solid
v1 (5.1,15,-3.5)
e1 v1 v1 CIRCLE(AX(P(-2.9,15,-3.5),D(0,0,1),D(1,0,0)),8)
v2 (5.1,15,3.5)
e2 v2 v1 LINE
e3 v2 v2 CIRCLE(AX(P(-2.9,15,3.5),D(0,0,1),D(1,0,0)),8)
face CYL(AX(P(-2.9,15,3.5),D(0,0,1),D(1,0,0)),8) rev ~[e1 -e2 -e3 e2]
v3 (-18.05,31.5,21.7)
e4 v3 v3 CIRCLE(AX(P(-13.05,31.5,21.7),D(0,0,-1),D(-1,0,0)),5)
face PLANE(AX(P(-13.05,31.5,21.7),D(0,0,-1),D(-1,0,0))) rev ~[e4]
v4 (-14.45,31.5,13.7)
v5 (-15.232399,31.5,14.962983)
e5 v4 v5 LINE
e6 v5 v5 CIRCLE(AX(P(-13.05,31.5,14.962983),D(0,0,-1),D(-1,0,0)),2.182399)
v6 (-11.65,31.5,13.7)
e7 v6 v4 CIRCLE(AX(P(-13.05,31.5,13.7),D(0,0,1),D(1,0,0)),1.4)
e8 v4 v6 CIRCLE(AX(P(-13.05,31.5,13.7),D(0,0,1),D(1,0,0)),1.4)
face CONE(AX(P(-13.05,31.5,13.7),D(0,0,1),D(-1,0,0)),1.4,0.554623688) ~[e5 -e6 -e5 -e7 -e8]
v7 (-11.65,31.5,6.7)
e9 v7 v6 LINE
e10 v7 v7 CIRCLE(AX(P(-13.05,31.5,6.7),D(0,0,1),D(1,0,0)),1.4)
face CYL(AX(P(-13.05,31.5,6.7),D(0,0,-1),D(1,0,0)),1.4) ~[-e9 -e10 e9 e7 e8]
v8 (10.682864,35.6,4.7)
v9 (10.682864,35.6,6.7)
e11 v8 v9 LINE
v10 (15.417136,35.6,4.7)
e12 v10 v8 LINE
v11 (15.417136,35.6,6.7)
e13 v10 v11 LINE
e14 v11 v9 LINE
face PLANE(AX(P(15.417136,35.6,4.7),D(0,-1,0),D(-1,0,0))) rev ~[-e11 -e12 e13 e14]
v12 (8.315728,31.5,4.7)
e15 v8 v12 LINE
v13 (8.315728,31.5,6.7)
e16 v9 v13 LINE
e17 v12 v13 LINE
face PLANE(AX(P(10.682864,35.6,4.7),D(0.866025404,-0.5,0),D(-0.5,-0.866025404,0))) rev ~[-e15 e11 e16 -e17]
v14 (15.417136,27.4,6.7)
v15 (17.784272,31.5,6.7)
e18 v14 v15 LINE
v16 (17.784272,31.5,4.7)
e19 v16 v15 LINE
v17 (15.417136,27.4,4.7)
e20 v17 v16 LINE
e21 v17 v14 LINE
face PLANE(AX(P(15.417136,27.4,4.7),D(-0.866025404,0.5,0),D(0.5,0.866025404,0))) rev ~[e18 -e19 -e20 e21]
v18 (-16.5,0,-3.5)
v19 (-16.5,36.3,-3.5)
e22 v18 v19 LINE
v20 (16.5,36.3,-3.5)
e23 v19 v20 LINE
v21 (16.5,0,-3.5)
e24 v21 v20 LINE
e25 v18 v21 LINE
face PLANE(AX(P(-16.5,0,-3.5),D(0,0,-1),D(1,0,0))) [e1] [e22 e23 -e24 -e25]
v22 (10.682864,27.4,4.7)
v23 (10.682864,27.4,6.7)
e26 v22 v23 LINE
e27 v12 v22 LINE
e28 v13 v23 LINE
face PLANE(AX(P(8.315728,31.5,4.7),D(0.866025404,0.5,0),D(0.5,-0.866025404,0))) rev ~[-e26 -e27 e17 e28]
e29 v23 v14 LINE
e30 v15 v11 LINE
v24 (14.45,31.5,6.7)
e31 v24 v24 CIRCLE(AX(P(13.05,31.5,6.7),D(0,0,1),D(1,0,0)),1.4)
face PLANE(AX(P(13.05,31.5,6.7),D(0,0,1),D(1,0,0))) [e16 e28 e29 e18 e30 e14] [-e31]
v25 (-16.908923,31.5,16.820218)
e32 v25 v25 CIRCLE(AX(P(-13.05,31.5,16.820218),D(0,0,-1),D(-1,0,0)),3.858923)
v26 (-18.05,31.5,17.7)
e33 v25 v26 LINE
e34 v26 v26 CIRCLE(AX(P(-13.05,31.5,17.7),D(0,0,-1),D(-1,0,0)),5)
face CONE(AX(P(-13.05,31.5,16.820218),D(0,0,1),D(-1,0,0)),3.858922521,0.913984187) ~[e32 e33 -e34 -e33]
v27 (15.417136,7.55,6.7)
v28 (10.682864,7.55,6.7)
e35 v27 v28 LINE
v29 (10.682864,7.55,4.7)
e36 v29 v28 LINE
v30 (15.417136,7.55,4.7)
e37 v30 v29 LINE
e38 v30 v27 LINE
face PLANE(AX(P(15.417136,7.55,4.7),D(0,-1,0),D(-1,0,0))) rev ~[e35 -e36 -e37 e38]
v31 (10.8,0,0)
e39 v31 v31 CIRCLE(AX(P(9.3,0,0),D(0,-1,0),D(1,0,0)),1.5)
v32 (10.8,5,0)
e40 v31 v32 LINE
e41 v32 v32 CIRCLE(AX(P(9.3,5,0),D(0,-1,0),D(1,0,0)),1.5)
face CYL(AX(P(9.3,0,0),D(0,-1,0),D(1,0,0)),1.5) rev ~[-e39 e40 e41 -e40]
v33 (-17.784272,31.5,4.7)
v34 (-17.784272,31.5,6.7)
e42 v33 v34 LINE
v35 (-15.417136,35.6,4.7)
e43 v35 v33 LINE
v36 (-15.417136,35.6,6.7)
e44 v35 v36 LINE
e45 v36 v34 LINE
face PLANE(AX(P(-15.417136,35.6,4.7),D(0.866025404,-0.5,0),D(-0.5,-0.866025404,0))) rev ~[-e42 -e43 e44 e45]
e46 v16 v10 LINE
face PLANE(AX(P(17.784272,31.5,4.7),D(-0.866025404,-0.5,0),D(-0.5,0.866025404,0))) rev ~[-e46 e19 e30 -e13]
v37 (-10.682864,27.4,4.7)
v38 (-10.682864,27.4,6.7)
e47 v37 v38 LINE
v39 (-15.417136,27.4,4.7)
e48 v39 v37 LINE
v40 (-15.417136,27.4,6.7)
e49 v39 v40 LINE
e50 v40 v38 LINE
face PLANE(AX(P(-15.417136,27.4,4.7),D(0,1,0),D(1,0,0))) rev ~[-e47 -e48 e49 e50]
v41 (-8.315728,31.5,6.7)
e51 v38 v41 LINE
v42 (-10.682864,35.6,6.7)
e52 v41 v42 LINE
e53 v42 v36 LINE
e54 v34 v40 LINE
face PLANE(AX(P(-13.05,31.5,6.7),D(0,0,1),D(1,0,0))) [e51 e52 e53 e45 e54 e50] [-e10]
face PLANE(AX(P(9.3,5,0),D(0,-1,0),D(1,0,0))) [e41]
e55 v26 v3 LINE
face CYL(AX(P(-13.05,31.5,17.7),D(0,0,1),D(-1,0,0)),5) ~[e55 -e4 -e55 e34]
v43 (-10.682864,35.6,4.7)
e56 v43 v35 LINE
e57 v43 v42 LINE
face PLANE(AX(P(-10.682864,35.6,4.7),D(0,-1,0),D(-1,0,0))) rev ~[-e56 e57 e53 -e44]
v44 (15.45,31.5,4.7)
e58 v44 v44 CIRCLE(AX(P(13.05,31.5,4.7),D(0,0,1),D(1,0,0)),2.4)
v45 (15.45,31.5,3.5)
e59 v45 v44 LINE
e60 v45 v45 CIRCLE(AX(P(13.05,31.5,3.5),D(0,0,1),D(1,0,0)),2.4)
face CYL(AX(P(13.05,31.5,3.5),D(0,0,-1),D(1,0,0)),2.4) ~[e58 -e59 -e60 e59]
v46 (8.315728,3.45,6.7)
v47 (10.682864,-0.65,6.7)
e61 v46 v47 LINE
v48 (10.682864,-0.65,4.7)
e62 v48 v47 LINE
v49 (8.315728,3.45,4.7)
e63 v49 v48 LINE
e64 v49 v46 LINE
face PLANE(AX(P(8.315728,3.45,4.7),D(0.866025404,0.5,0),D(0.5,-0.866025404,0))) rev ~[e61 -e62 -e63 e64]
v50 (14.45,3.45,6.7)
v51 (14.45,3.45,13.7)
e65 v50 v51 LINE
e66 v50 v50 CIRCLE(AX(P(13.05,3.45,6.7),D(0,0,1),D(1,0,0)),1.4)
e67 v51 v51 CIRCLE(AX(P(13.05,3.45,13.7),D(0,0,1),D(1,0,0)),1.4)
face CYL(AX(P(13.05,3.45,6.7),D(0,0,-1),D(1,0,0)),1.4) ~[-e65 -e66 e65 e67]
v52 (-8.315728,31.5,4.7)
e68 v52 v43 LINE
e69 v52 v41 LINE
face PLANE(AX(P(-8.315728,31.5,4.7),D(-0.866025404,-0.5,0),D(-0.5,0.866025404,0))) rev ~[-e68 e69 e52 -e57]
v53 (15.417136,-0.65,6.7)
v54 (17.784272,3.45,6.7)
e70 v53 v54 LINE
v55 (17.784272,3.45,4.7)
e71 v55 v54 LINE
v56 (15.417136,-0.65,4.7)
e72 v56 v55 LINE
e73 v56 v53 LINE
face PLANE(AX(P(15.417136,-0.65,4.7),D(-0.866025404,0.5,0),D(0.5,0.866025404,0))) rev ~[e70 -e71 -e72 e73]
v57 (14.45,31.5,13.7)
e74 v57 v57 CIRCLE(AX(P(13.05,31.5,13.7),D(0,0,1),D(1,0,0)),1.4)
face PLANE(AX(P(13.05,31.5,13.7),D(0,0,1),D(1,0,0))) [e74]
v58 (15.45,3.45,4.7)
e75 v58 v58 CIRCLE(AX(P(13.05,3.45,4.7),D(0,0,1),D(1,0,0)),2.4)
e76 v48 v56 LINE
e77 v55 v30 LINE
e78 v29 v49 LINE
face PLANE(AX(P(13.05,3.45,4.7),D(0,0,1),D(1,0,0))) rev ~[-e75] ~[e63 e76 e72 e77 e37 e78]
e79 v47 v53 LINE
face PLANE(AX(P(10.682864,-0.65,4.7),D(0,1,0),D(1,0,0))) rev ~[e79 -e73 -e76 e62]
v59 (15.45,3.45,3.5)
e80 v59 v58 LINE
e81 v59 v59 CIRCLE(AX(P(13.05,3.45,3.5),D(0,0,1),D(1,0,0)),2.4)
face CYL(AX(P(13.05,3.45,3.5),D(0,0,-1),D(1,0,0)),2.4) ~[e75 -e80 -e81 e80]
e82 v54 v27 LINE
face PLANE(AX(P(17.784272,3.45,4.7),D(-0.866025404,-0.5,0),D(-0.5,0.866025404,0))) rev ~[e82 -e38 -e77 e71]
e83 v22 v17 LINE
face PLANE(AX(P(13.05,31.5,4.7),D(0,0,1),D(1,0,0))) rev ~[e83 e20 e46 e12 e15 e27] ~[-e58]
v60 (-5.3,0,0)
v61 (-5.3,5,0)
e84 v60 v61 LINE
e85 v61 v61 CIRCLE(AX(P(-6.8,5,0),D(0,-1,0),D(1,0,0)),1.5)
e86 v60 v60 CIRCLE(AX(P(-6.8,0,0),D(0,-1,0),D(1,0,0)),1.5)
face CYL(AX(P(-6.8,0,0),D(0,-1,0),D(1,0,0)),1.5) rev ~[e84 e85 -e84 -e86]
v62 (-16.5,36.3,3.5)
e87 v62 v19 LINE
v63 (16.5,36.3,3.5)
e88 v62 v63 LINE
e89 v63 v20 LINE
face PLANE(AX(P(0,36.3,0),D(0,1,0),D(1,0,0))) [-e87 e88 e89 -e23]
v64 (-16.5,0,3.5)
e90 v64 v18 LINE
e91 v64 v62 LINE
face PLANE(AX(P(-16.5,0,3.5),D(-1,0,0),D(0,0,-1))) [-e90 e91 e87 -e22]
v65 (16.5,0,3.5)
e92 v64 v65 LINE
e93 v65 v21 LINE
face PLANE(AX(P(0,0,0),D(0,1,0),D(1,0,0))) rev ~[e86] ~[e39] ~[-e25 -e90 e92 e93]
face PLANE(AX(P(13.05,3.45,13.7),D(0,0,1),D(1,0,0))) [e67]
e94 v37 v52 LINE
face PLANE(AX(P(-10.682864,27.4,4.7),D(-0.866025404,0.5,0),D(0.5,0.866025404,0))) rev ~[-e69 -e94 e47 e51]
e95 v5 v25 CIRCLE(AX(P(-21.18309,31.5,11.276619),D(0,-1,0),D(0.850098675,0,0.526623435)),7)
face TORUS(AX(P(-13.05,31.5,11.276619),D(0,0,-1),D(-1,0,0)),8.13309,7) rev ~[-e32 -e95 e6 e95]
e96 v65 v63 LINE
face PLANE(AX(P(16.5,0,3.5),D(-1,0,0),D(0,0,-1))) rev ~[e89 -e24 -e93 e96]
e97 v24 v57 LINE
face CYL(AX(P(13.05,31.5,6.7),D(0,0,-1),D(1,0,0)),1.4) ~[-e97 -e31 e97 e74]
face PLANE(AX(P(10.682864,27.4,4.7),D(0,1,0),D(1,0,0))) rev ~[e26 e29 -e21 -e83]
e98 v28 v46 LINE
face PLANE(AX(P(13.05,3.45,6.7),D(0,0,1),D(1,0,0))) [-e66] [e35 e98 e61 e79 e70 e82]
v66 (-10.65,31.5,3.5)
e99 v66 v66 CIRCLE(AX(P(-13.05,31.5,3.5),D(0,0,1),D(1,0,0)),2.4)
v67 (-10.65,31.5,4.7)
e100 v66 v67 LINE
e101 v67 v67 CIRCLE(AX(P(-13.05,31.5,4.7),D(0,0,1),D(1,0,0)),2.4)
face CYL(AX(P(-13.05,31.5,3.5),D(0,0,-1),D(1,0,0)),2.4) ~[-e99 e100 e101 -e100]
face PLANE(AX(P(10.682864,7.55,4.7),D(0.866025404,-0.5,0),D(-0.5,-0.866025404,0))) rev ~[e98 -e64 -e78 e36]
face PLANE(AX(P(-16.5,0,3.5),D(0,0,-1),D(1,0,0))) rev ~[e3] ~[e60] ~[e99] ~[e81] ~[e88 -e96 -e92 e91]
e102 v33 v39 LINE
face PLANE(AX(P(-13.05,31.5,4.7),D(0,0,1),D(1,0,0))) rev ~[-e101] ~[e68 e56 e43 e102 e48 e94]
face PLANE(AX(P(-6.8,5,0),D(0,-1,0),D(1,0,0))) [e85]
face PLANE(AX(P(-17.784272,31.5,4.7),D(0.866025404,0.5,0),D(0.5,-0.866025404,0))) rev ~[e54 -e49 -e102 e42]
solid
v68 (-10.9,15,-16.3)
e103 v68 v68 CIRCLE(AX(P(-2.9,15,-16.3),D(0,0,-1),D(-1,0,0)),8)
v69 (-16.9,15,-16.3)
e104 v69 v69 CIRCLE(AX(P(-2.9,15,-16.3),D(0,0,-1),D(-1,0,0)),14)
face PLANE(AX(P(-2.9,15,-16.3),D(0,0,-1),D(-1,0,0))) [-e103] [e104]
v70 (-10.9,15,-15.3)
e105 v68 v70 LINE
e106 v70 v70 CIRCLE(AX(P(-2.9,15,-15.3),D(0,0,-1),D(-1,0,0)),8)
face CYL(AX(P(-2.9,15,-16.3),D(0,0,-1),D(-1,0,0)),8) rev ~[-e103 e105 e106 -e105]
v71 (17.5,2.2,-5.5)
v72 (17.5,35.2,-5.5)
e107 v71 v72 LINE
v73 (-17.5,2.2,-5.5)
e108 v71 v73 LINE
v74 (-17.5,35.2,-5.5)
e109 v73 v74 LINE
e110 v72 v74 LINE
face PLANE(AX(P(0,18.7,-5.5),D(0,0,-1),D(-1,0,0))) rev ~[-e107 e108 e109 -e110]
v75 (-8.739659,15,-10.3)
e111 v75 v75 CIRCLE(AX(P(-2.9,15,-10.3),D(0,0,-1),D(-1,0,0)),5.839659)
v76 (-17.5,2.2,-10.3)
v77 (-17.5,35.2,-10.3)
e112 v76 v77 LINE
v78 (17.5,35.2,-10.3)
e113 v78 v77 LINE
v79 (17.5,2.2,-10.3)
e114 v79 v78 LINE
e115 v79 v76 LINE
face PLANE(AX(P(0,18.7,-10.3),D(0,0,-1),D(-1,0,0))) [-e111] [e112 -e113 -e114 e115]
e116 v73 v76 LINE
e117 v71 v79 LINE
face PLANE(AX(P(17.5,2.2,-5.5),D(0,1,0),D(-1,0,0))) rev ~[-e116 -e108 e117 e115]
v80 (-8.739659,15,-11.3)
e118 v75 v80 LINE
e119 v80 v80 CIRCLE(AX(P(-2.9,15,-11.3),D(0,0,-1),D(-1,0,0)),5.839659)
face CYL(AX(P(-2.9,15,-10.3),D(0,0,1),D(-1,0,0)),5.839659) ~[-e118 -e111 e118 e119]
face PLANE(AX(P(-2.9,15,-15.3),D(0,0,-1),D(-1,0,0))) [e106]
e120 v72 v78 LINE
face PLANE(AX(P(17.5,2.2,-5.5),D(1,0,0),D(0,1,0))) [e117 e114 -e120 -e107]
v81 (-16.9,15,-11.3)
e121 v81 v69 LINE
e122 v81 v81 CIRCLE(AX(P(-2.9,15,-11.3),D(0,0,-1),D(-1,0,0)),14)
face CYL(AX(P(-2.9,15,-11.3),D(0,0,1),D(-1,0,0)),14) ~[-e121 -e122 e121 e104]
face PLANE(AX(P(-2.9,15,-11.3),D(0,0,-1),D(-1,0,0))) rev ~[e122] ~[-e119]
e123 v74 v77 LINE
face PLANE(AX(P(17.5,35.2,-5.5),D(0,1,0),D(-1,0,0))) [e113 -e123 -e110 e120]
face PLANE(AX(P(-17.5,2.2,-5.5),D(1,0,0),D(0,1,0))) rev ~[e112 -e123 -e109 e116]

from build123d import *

# Parameters (mm, degrees)
CROQUIS1_W              = 33
CROQUIS1_H              = 7
SALIENTE_EXTRUIR1_DEPTH = 36.3
CROQUIS2_R              = 1.5
CORTAR_EXTRUIR1_DEPTH   = 5
CROQUIS3_R              = 8
CORTAR_EXTRUIR2_DEPTH   = 8
CROQUIS4_R              = 2.4
SALIENTE_EXTRUIR2_DEPTH = 1.2
SALIENTE_EXTRUIR3_DEPTH = 2
CROQUIS6_R              = 1.4
SALIENTE_EXTRUIR4_DEPTH = 7
CROQUIS9_W              = 35
CROQUIS9_H              = 33
SALIENTE_EXTRUIR5_DEPTH = 4.8
CROQUIS10_R             = 5.839659477
SALIENTE_EXTRUIR6_DEPTH = 1
CROQUIS11_R             = 14
SALIENTE_EXTRUIR7_DEPTH = 5
CROQUIS12_R             = 8
CORTAR_EXTRUIR3_DEPTH   = 1


with BuildPart() as part:
    # Croquis1 → Saliente-Extruir1 (new body)
    with BuildSketch(Plane(origin=(0, 0, 0), x_dir=(1, 0, 0), z_dir=(0, 1, 0))):
        Rectangle(CROQUIS1_W, CROQUIS1_H)
    extrude(amount=SALIENTE_EXTRUIR1_DEPTH)

    # Croquis2 → Cortar-Extruir1 (cut)
    with BuildSketch(Plane.XZ):
        with Locations((-6.8, 0)):
            Circle(CROQUIS2_R)
        with Locations((9.3, 0)):
            Circle(CROQUIS2_R)
    extrude(amount=-CORTAR_EXTRUIR1_DEPTH, mode=Mode.SUBTRACT)

    # Croquis3 → Cortar-Extruir2 (cut, through all)
    with BuildSketch(Plane.XY.offset(3.5)):
        with Locations((-2.9, 15)):
            Circle(CROQUIS3_R)
    extrude(amount=-CORTAR_EXTRUIR2_DEPTH, mode=Mode.SUBTRACT)

    # Croquis4 → Saliente-Extruir2 (add)
    with BuildSketch(Plane.XY.offset(3.5)):
        with Locations((-13.05, 31.5)):
            Circle(CROQUIS4_R)
        with Locations((13.05, 31.5)):
            Circle(CROQUIS4_R)
        with Locations((13.05, 3.45)):
            Circle(CROQUIS4_R)
    extrude(amount=SALIENTE_EXTRUIR2_DEPTH)

    # Croquis5 → Saliente-Extruir3 (add)
    with BuildSketch(Plane.XY.offset(4.7)):
        Polygon((-17.784272207, 31.5), (-15.417136104, 27.4), (-10.682863896, 27.4), (-8.315727793, 31.5), (-10.682863896, 35.6), (-15.417136104, 35.6), align=None)
        Polygon((17.784272207, 31.5), (15.417136104, 35.6), (10.682863896, 35.6), (8.315727793, 31.5), (10.682863896, 27.4), (15.417136104, 27.4), align=None)
        Polygon((17.784272207, 3.45), (15.417136104, 7.55), (10.682863896, 7.55), (8.315727793, 3.45), (10.682863896, -0.65), (15.417136104, -0.65), align=None)
    extrude(amount=SALIENTE_EXTRUIR3_DEPTH)

    # Croquis6 → Saliente-Extruir4 (add)
    with BuildSketch(Plane.XY.offset(6.7)):
        with Locations((-13.05, 31.5)):
            Circle(CROQUIS6_R)
        with Locations((13.05, 31.5)):
            Circle(CROQUIS6_R)
        with Locations((13.05, 3.45)):
            Circle(CROQUIS6_R)
    extrude(amount=SALIENTE_EXTRUIR4_DEPTH)

    # Croquis8 → Revolución1 (revolve)
    with BuildSketch(Plane.XZ.offset(-31.5)):
        with BuildLine():
            Line((-14.45, 13.7), (-15.232399286, 14.962983287))
            ThreePointArc((-15.232399286, 14.962983287), (-15.987008603, 15.967113671), (-16.908922521, 16.820218458))
            Line((-16.908922521, 16.820218458), (-18.05, 17.7))
            Line((-18.05, 17.7), (-18.05, 21.7))
            Line((-18.05, 21.7), (-13.05, 21.7))
            Line((-13.05, 21.7), (-13.05, 13.7))
            Line((-13.05, 13.7), (-14.45, 13.7))
        make_face()
    revolve(axis=Axis((-13.05, 31.5, 21.7), (0, 0, -1)))


with BuildPart() as body_2:
    # Croquis9 → Saliente-Extruir5 (new body)
    with BuildSketch(Plane(origin=(0, 0, -5.5), x_dir=(-1, 0, 0), z_dir=(0, 0, -1))):
        with Locations((0, 18.7)):
            Rectangle(CROQUIS9_W, CROQUIS9_H)
    extrude(amount=SALIENTE_EXTRUIR5_DEPTH)

    # Croquis10 → Saliente-Extruir6 (add)
    with BuildSketch(Plane(origin=(0, 0, -10.3), x_dir=(-1, 0, 0), z_dir=(0, 0, -1))):
        with Locations((2.9, 15)):
            Circle(CROQUIS10_R)
    extrude(amount=SALIENTE_EXTRUIR6_DEPTH)

    # Croquis11 → Saliente-Extruir7 (add)
    with BuildSketch(Plane(origin=(0, 0, -11.3), x_dir=(-1, 0, 0), z_dir=(0, 0, -1))):
        with Locations((2.9, 15)):
            Circle(CROQUIS11_R)
    extrude(amount=SALIENTE_EXTRUIR7_DEPTH)

    # Croquis12 → Cortar-Extruir3 (cut)
    with BuildSketch(Plane(origin=(0, 0, -16.3), x_dir=(-1, 0, 0), z_dir=(0, 0, -1))):
        with Locations((2.9, 15)):
            Circle(CROQUIS12_R)
    extrude(amount=-CORTAR_EXTRUIR3_DEPTH, mode=Mode.SUBTRACT)


solid = Compound([part.part, body_2.part])
